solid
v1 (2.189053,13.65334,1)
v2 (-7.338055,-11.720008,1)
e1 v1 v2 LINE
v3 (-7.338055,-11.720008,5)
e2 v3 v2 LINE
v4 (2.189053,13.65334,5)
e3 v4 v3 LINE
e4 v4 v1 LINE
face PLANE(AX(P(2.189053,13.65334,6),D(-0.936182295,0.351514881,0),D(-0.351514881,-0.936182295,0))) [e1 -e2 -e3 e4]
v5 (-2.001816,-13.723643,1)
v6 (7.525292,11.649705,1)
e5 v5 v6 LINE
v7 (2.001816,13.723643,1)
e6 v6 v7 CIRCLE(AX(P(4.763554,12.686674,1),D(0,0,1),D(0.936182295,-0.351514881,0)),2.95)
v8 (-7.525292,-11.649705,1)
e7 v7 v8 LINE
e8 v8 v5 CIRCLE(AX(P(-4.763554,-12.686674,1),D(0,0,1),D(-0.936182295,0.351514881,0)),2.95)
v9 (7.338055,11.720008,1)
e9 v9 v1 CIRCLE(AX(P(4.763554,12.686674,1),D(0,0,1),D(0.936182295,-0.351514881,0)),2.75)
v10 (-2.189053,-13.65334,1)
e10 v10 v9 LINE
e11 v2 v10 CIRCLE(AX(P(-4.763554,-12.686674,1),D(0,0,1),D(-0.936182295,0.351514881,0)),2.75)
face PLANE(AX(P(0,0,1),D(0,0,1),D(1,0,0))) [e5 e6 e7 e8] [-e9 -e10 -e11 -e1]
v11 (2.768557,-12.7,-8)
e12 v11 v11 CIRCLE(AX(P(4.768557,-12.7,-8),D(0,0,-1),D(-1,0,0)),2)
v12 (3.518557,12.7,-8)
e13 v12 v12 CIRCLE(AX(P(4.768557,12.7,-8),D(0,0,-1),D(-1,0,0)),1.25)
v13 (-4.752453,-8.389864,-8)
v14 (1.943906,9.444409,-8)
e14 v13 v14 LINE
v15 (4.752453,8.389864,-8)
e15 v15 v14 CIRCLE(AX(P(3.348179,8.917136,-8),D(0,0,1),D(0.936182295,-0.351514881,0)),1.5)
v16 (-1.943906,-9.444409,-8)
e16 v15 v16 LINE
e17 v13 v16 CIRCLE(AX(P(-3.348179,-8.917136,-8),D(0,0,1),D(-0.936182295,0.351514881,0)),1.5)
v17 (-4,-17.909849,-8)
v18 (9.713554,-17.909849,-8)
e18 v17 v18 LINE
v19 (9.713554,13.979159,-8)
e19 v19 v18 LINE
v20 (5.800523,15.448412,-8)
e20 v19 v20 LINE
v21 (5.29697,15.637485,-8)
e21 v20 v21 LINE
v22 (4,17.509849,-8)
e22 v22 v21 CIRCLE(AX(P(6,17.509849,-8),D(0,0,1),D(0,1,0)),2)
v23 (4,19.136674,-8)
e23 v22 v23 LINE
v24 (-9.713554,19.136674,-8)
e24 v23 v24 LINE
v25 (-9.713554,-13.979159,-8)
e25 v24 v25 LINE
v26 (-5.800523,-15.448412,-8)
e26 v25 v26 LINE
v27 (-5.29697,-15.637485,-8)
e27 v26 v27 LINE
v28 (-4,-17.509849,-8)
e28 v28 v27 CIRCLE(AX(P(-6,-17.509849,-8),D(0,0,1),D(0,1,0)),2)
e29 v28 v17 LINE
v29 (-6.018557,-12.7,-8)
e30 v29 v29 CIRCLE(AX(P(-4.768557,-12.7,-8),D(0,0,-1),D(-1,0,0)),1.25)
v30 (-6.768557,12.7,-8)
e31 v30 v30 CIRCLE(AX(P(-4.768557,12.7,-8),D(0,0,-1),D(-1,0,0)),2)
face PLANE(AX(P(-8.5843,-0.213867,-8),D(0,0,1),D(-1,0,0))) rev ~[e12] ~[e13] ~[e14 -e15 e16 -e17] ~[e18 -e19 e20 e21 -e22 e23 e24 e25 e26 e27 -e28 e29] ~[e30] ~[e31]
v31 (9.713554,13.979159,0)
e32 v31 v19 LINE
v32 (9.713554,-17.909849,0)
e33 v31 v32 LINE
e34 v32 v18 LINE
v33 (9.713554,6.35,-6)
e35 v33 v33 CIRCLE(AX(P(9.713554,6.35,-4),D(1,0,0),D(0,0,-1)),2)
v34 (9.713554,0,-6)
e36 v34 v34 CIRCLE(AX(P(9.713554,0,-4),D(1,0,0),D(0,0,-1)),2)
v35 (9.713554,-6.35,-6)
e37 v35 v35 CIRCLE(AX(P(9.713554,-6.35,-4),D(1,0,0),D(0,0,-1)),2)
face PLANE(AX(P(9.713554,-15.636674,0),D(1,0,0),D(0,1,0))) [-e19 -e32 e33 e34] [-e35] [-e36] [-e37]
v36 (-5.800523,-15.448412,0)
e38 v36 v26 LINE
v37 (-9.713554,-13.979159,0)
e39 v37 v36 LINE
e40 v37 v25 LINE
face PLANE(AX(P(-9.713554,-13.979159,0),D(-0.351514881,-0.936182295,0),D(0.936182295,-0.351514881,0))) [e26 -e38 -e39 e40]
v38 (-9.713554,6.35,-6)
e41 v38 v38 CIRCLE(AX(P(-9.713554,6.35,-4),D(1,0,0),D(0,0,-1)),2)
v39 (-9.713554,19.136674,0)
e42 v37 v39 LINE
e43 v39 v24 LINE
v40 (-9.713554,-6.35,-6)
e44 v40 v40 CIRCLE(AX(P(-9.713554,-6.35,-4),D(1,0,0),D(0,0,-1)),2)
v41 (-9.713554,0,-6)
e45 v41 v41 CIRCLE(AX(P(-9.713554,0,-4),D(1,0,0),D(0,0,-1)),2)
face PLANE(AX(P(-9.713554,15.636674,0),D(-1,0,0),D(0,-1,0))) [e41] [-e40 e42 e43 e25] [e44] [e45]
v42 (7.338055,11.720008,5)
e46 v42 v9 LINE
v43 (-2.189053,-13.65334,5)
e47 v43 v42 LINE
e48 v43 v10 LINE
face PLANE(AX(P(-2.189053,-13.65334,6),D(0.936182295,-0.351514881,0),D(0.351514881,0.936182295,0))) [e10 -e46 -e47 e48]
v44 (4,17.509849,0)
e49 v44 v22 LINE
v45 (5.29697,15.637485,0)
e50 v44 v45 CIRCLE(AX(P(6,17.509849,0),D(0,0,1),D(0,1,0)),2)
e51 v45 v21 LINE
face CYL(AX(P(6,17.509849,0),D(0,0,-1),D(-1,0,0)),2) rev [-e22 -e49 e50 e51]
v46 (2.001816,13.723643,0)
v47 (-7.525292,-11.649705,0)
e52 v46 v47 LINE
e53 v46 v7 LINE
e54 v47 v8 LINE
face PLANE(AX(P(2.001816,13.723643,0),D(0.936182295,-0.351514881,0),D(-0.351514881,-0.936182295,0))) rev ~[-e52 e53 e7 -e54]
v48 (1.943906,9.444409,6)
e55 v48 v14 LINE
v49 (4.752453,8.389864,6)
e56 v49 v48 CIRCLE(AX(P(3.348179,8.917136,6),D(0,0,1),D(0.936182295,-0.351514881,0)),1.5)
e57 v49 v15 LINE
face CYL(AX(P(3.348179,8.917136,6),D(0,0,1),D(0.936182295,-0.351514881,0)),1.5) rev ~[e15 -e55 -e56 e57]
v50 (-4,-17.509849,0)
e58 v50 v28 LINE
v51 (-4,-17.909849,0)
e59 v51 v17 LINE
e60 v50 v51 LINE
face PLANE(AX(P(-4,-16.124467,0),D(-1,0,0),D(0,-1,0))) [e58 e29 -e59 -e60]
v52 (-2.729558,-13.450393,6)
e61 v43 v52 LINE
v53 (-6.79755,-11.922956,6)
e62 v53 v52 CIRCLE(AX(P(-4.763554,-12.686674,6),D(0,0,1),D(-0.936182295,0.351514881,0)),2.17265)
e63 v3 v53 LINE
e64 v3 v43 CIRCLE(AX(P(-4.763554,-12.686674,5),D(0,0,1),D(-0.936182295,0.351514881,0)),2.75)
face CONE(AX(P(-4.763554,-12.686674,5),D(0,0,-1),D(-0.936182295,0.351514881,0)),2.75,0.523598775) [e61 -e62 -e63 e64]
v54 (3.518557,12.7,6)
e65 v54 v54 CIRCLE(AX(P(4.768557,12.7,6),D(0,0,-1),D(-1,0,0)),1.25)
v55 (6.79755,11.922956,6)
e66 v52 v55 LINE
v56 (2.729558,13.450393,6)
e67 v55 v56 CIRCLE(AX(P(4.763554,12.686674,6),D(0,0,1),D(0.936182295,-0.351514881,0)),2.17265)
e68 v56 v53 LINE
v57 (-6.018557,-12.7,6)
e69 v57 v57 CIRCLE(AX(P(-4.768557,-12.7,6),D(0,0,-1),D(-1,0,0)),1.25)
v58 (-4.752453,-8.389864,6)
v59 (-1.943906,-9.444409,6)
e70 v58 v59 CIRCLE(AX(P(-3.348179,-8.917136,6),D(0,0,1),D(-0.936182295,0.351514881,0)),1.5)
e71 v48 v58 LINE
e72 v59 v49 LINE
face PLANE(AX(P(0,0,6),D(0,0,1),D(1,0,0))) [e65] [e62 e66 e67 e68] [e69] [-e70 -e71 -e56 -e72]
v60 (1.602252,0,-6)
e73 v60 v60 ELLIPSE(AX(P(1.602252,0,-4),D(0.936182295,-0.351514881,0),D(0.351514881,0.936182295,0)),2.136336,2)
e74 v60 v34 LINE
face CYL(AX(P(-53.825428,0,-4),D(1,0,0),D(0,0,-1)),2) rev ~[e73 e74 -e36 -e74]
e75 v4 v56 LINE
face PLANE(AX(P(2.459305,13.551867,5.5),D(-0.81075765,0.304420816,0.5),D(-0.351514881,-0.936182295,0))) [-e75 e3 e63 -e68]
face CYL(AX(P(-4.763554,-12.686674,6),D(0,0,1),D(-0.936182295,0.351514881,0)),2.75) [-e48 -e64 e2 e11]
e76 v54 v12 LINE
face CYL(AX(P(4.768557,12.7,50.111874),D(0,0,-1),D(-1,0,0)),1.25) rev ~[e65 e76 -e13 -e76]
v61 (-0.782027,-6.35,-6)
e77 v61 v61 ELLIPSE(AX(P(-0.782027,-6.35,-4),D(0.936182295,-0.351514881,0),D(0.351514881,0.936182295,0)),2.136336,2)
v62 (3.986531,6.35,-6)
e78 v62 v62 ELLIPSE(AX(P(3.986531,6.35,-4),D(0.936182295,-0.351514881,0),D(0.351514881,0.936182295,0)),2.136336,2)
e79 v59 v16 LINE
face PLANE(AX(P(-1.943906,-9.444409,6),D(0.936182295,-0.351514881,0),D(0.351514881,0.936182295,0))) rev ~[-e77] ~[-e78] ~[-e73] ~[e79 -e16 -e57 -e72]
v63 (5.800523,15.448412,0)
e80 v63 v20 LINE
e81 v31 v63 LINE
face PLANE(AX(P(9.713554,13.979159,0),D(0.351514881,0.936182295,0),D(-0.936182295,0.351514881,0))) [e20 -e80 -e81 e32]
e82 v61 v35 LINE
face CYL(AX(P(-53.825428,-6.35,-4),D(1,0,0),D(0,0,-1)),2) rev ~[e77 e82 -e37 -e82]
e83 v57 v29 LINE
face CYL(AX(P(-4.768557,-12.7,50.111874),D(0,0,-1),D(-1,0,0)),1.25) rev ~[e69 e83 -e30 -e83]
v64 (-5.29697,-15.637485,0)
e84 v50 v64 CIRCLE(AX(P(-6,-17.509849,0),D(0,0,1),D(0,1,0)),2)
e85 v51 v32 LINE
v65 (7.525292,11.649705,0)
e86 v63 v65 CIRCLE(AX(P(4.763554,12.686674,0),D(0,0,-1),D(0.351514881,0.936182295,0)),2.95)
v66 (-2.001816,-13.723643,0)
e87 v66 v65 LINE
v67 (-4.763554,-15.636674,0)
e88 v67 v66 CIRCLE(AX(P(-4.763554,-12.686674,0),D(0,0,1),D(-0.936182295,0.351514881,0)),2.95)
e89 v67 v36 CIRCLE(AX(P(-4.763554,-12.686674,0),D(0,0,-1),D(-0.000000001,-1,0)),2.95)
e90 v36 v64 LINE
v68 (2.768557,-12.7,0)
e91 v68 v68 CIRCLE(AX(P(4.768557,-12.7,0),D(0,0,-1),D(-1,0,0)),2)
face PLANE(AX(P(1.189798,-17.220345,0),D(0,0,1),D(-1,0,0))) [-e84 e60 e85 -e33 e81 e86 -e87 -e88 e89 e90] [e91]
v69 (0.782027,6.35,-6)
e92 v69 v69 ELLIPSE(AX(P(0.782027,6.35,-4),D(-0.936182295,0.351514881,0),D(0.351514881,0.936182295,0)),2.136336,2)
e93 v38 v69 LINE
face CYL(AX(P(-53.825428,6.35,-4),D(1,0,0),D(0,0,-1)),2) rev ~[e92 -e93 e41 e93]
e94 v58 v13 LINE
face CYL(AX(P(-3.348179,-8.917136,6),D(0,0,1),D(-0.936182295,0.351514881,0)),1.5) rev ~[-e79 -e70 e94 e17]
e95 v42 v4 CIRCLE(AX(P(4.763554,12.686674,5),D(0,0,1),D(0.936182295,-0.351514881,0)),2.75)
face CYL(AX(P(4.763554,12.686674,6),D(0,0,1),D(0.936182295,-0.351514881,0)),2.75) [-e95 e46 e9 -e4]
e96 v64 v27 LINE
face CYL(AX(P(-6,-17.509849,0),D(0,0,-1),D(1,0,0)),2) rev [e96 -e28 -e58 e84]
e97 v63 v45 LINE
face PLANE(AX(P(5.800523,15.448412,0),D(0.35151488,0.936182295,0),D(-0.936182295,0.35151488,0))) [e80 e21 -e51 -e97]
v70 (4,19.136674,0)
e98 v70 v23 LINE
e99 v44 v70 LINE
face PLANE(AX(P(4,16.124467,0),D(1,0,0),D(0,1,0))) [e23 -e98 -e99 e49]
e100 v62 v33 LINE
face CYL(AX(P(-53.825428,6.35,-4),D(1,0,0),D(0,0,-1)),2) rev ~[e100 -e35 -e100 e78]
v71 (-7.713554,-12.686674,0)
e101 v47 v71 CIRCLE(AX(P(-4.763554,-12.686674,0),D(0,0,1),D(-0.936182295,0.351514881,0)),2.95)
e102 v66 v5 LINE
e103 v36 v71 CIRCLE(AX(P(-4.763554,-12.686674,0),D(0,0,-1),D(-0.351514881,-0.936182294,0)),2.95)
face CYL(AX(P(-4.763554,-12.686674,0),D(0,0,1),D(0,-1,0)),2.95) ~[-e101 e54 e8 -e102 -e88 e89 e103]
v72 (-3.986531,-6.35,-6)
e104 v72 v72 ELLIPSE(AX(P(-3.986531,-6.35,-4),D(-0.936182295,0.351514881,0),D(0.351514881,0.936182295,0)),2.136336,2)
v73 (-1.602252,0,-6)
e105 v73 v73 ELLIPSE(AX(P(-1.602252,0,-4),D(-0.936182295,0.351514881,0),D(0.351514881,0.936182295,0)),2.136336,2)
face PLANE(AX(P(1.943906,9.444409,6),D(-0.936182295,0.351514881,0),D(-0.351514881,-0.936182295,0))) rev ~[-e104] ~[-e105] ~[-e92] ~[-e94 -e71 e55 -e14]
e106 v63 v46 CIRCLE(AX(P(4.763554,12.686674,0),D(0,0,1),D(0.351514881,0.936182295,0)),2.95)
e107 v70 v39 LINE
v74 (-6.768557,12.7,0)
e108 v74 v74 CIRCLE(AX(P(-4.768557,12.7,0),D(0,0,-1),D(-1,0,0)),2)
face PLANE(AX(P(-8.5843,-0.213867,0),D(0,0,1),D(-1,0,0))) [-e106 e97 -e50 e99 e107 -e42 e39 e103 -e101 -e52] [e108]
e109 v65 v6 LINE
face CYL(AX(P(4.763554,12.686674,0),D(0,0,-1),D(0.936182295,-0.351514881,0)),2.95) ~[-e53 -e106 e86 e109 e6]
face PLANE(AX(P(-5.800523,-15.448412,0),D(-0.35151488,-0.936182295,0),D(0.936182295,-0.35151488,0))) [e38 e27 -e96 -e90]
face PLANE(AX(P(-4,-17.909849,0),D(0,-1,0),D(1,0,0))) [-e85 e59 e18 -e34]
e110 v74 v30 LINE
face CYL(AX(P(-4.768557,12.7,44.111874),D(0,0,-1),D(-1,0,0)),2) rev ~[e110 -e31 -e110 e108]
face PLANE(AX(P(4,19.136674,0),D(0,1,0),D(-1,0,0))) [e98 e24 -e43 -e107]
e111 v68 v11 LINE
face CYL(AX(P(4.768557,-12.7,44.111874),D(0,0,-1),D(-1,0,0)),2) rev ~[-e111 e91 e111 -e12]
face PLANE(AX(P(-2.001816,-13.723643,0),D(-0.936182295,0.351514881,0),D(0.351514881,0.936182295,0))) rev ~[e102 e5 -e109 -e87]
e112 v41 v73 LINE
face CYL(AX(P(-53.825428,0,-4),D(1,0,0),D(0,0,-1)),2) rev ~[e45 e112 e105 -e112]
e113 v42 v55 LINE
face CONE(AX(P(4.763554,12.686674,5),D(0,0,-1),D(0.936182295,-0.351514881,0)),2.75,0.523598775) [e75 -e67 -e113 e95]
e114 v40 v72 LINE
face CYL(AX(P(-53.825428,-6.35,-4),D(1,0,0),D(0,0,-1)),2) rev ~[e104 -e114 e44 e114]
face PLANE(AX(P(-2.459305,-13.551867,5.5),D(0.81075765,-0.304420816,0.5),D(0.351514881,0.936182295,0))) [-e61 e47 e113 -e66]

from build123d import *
from OCP.BRepFilletAPI import BRepFilletAPI_MakeChamfer

# Parameters (mm, degrees)
BOSS_EXTRUDE1_DEPTH      = 6
SKETCH2_W                = 15.427107808
SKETCH2_H                = 31.27334873
BOSS_EXTRUDE2_DEPTH      = 8
CUT_EXTRUDE1_DEPTH       = 23.360780376
CUT_EXTRUDE2_DEPTH       = 5
CHAMFER1_SIZE            = 1
CHAMFER1_SIZE2           = 0.577350269
CUT_EXTRUDE4_DEPTH       = 20.183443357
SKETCH17_W               = 2
SKETCH17_H               = 3.5
BOSS_EXTRUDE3_DEPTH      = 8
CIRPATTERN1_COUNT        = 2
FILLET3_R                = 2
SKETCH20_W               = 13.713553904
SKETCH20_H               = 1.226825257
CUT_EXTRUDE5_DEPTH       = 23.90339353
F_4_0_4_DIAMETER_HOLE3_D = 4
M3X0_5_TAPPED_HOLE1_D    = 2.5
F_4_0_4_DIAMETER_HOLE5_D = 4


with BuildPart() as part:
    # Sketch1 → Boss-Extrude1 (new body)
    with BuildSketch(Plane.XY):
        with BuildLine():
            Line((2.001816135, 13.723643263), (-7.525291673, -11.649705468))
            ThreePointArc((-7.525291673, -11.649705468), (-5.800522802, -15.448412135), (-2.001816135, -13.723643263))
            Line((-2.001816135, -13.723643263), (7.525291673, 11.649705468))
            ThreePointArc((7.525291673, 11.649705468), (5.800522802, 15.448412135), (2.001816135, 13.723643263))
        make_face()
    extrude(amount=BOSS_EXTRUDE1_DEPTH)

    # Sketch2 → Boss-Extrude2 (add)
    with BuildSketch(Plane(origin=(0, 0, 0), x_dir=(-1, 0, 0), z_dir=(0, 0, -1))):
        Rectangle(SKETCH2_W, SKETCH2_H)
    extrude(amount=BOSS_EXTRUDE2_DEPTH)

    # Sketch3 → Cut-Extrude1 (cut, through all)
    with BuildSketch(Plane.XY.offset(6)):
        with BuildLine():
            Line((1.943905795, 9.444408677), (-4.752452679, -8.389864035))
            ThreePointArc((-4.752452679, -8.389864035), (-3.875451558, -10.321409798), (-1.943905795, -9.444408677))
            Line((-1.943905795, -9.444408677), (4.752452679, 8.389864035))
            ThreePointArc((4.752452679, 8.389864035), (3.875451558, 10.321409798), (1.943905795, 9.444408677))
        make_face()
    extrude(amount=-CUT_EXTRUDE1_DEPTH, mode=Mode.SUBTRACT)

    # Sketch4 → Cut-Extrude2 (cut)
    with BuildSketch(Plane.XY.offset(6)):
        with BuildLine():
            Line((2.001816135, 13.723643263), (-7.525291673, -11.649705468))
            ThreePointArc((-7.525291673, -11.649705468), (-5.800522802, -15.448412135), (-2.001816135, -13.723643263))
            Line((-2.001816135, -13.723643263), (7.525291673, 11.649705468))
            ThreePointArc((7.525291673, 11.649705468), (5.800522802, 15.448412135), (2.001816135, 13.723643263))
        make_face()
        with BuildLine():
            Line((2.189052594, 13.653340287), (-7.338055214, -11.720008444))
            ThreePointArc((-7.338055214, -11.720008444), (-5.730219825, -15.261175676), (-2.189052594, -13.653340287))
            Line((-2.189052594, -13.653340287), (7.338055214, 11.720008444))
            ThreePointArc((7.338055214, 11.720008444), (5.730219825, 15.261175676), (2.189052594, 13.653340287))
        make_face(mode=Mode.SUBTRACT)
    extrude(amount=-CUT_EXTRUDE2_DEPTH, mode=Mode.SUBTRACT)

    # Chamfer1: one chamfer whose edges measure the first distance from different faces: ONE call of the kernel's chamfer builder (chamfer() names one face for all edges)
    chamfer1_edges_1 = [part.edges().sort_by_distance(p)[0] for p in [
        (2.57450131, -0.966665922, 6),
    ]]
    chamfer1_side_1 = [part.faces().sort_by_distance(p)[0] for p in [
        (2.57450131, -0.966665922, 3.5),
    ]]
    chamfer1_edges_2 = [part.edges().sort_by_distance(p)[0] for p in [
        (5.730219825, 15.261175676, 6),
    ]]
    chamfer1_side_2 = [part.faces().sort_by_distance(p)[0] for p in [
        (5.730219825, 15.261175676, 3.5),
    ]]
    chamfer1_edges_3 = [part.edges().sort_by_distance(p)[0] for p in [
        (-2.57450131, 0.966665922, 6),
    ]]
    chamfer1_side_3 = [part.faces().sort_by_distance(p)[0] for p in [
        (-2.57450131, 0.966665922, 3.5),
    ]]
    chamfer1_edges_4 = [part.edges().sort_by_distance(p)[0] for p in [
        (-5.730219825, -15.261175676, 6),
    ]]
    chamfer1_side_4 = [part.faces().sort_by_distance(p)[0] for p in [
        (-5.730219825, -15.261175676, 3.5),
    ]]
    chamfer1 = BRepFilletAPI_MakeChamfer(part.part.solid().wrapped)
    for e in chamfer1_edges_1:
        chamfer1.Add(CHAMFER1_SIZE, CHAMFER1_SIZE2, e.wrapped, chamfer1_side_1[0].wrapped)  # the first distance lies on this face
    for e in chamfer1_edges_2:
        chamfer1.Add(CHAMFER1_SIZE, CHAMFER1_SIZE2, e.wrapped, chamfer1_side_2[0].wrapped)  # the first distance lies on this face
    for e in chamfer1_edges_3:
        chamfer1.Add(CHAMFER1_SIZE, CHAMFER1_SIZE2, e.wrapped, chamfer1_side_3[0].wrapped)  # the first distance lies on this face
    for e in chamfer1_edges_4:
        chamfer1.Add(CHAMFER1_SIZE, CHAMFER1_SIZE2, e.wrapped, chamfer1_side_4[0].wrapped)  # the first distance lies on this face
    add(Compound.cast(chamfer1.Shape()), mode=Mode.REPLACE)

    # Sketch11 → Cut-Extrude4 (cut, through all)
    with BuildSketch(Plane.XY):
        with BuildLine():
            Line((4.763553904, 15.636674365), (7.713553904, 15.636674365))
            Line((7.713553904, 15.636674365), (7.713553904, 12.686674365))
            ThreePointArc((7.713553904, 12.686674365), (6.849518908, 14.77263937), (4.763553904, 15.636674365))
        make_face()
        with BuildLine():
            Line((-7.713553904, -12.686674365), (-7.713553904, -15.636674365))
            Line((-7.713553904, -15.636674365), (-4.763553904, -15.636674365))
            ThreePointArc((-4.763553904, -15.636674365), (-6.849518908, -14.77263937), (-7.713553904, -12.686674365))
        make_face()
    extrude(amount=-CUT_EXTRUDE4_DEPTH, mode=Mode.SUBTRACT)

    # Sketch17 → Boss-Extrude3 (add, through all)
    with BuildSketch(Plane.XY):
        with BuildLine():
            Line((7.713553904, 12.686674365), (7.713553904, -15.636674365))
            Line((7.713553904, -15.636674365), (9.713553904, -15.636674365))
            Line((9.713553904, -15.636674365), (9.713553904, 13.979159118))
            Line((9.713553904, 13.979159118), (5.800522802, 15.448412135))
            ThreePointArc((5.800522802, 15.448412135), (7.188585682, 14.366472233), (7.713553904, 12.686674365))
        make_face()
        with BuildLine():
            ThreePointArc((4.763553904, 15.636674365), (5.290513855, 15.589227243), (5.800522802, 15.448412135))
            Line((5.800522802, 15.448412135), (4, 16.12446696))
            Line((4, 16.12446696), (4, 19.136674365))
            Line((4, 19.136674365), (-7.713553904, 19.136674365))
            Line((-7.713553904, 19.136674365), (-7.713553904, 15.636674365))
            Line((-7.713553904, 15.636674365), (4.763553904, 15.636674365))
        make_face()
        with Locations((-8.713553904, 17.386674365)):
            Rectangle(SKETCH17_W, SKETCH17_H)
    boss_extrude3 = extrude(amount=-BOSS_EXTRUDE3_DEPTH)

    # CirPattern1: Boss-Extrude3 ×2 about axis
    cirpattern1_axis = Axis((0, 0, 0), (0, 0, 1))
    for i in range(1, CIRPATTERN1_COUNT):
        add(boss_extrude3.rotate(cirpattern1_axis, i * 360 / CIRPATTERN1_COUNT))

    # Fillet3
    fillet3_edges = [part.edges().sort_by_distance(p)[0] for p in [
        (4, 16.12446696, -4),
        (-4, -16.12446696, -4),
    ]]
    fillet(fillet3_edges, radius=FILLET3_R)

    # Sketch20 → Cut-Extrude5 (cut, through all)
    with BuildSketch(Plane.XY):
        with Locations((2.856776952, -18.523261737)):
            Rectangle(SKETCH20_W, SKETCH20_H)
    extrude(amount=-CUT_EXTRUDE5_DEPTH, mode=Mode.SUBTRACT)

    # 4.0 _4_ Diameter Hole3 (through all)
    with Locations(Plane(origin=(-9.713553904, 2.428457005, -0.24781288), x_dir=(0, 0, 1), z_dir=(-1, 0, 0))):
        with Locations((-3.75218712, 3.921542995), (-3.75218712, -8.778457005), (-3.75218712, -2.428457005)):
            Hole(F_4_0_4_DIAMETER_HOLE3_D / 2)

    # M3x0.5 Tapped Hole1 (through all)
    with Locations(Plane.XY.offset(6)):
        with Locations((-4.768557373, -12.7), (4.768557373, 12.7)):
            Hole(M3X0_5_TAPPED_HOLE1_D / 2)

    # 4.0 _4_ Diameter Hole5 (through all)
    with Locations(Plane.XY):
        with Locations((-4.768557373, 12.7), (4.768557373, -12.7)):
            Hole(F_4_0_4_DIAMETER_HOLE5_D / 2)


solid = part.part
